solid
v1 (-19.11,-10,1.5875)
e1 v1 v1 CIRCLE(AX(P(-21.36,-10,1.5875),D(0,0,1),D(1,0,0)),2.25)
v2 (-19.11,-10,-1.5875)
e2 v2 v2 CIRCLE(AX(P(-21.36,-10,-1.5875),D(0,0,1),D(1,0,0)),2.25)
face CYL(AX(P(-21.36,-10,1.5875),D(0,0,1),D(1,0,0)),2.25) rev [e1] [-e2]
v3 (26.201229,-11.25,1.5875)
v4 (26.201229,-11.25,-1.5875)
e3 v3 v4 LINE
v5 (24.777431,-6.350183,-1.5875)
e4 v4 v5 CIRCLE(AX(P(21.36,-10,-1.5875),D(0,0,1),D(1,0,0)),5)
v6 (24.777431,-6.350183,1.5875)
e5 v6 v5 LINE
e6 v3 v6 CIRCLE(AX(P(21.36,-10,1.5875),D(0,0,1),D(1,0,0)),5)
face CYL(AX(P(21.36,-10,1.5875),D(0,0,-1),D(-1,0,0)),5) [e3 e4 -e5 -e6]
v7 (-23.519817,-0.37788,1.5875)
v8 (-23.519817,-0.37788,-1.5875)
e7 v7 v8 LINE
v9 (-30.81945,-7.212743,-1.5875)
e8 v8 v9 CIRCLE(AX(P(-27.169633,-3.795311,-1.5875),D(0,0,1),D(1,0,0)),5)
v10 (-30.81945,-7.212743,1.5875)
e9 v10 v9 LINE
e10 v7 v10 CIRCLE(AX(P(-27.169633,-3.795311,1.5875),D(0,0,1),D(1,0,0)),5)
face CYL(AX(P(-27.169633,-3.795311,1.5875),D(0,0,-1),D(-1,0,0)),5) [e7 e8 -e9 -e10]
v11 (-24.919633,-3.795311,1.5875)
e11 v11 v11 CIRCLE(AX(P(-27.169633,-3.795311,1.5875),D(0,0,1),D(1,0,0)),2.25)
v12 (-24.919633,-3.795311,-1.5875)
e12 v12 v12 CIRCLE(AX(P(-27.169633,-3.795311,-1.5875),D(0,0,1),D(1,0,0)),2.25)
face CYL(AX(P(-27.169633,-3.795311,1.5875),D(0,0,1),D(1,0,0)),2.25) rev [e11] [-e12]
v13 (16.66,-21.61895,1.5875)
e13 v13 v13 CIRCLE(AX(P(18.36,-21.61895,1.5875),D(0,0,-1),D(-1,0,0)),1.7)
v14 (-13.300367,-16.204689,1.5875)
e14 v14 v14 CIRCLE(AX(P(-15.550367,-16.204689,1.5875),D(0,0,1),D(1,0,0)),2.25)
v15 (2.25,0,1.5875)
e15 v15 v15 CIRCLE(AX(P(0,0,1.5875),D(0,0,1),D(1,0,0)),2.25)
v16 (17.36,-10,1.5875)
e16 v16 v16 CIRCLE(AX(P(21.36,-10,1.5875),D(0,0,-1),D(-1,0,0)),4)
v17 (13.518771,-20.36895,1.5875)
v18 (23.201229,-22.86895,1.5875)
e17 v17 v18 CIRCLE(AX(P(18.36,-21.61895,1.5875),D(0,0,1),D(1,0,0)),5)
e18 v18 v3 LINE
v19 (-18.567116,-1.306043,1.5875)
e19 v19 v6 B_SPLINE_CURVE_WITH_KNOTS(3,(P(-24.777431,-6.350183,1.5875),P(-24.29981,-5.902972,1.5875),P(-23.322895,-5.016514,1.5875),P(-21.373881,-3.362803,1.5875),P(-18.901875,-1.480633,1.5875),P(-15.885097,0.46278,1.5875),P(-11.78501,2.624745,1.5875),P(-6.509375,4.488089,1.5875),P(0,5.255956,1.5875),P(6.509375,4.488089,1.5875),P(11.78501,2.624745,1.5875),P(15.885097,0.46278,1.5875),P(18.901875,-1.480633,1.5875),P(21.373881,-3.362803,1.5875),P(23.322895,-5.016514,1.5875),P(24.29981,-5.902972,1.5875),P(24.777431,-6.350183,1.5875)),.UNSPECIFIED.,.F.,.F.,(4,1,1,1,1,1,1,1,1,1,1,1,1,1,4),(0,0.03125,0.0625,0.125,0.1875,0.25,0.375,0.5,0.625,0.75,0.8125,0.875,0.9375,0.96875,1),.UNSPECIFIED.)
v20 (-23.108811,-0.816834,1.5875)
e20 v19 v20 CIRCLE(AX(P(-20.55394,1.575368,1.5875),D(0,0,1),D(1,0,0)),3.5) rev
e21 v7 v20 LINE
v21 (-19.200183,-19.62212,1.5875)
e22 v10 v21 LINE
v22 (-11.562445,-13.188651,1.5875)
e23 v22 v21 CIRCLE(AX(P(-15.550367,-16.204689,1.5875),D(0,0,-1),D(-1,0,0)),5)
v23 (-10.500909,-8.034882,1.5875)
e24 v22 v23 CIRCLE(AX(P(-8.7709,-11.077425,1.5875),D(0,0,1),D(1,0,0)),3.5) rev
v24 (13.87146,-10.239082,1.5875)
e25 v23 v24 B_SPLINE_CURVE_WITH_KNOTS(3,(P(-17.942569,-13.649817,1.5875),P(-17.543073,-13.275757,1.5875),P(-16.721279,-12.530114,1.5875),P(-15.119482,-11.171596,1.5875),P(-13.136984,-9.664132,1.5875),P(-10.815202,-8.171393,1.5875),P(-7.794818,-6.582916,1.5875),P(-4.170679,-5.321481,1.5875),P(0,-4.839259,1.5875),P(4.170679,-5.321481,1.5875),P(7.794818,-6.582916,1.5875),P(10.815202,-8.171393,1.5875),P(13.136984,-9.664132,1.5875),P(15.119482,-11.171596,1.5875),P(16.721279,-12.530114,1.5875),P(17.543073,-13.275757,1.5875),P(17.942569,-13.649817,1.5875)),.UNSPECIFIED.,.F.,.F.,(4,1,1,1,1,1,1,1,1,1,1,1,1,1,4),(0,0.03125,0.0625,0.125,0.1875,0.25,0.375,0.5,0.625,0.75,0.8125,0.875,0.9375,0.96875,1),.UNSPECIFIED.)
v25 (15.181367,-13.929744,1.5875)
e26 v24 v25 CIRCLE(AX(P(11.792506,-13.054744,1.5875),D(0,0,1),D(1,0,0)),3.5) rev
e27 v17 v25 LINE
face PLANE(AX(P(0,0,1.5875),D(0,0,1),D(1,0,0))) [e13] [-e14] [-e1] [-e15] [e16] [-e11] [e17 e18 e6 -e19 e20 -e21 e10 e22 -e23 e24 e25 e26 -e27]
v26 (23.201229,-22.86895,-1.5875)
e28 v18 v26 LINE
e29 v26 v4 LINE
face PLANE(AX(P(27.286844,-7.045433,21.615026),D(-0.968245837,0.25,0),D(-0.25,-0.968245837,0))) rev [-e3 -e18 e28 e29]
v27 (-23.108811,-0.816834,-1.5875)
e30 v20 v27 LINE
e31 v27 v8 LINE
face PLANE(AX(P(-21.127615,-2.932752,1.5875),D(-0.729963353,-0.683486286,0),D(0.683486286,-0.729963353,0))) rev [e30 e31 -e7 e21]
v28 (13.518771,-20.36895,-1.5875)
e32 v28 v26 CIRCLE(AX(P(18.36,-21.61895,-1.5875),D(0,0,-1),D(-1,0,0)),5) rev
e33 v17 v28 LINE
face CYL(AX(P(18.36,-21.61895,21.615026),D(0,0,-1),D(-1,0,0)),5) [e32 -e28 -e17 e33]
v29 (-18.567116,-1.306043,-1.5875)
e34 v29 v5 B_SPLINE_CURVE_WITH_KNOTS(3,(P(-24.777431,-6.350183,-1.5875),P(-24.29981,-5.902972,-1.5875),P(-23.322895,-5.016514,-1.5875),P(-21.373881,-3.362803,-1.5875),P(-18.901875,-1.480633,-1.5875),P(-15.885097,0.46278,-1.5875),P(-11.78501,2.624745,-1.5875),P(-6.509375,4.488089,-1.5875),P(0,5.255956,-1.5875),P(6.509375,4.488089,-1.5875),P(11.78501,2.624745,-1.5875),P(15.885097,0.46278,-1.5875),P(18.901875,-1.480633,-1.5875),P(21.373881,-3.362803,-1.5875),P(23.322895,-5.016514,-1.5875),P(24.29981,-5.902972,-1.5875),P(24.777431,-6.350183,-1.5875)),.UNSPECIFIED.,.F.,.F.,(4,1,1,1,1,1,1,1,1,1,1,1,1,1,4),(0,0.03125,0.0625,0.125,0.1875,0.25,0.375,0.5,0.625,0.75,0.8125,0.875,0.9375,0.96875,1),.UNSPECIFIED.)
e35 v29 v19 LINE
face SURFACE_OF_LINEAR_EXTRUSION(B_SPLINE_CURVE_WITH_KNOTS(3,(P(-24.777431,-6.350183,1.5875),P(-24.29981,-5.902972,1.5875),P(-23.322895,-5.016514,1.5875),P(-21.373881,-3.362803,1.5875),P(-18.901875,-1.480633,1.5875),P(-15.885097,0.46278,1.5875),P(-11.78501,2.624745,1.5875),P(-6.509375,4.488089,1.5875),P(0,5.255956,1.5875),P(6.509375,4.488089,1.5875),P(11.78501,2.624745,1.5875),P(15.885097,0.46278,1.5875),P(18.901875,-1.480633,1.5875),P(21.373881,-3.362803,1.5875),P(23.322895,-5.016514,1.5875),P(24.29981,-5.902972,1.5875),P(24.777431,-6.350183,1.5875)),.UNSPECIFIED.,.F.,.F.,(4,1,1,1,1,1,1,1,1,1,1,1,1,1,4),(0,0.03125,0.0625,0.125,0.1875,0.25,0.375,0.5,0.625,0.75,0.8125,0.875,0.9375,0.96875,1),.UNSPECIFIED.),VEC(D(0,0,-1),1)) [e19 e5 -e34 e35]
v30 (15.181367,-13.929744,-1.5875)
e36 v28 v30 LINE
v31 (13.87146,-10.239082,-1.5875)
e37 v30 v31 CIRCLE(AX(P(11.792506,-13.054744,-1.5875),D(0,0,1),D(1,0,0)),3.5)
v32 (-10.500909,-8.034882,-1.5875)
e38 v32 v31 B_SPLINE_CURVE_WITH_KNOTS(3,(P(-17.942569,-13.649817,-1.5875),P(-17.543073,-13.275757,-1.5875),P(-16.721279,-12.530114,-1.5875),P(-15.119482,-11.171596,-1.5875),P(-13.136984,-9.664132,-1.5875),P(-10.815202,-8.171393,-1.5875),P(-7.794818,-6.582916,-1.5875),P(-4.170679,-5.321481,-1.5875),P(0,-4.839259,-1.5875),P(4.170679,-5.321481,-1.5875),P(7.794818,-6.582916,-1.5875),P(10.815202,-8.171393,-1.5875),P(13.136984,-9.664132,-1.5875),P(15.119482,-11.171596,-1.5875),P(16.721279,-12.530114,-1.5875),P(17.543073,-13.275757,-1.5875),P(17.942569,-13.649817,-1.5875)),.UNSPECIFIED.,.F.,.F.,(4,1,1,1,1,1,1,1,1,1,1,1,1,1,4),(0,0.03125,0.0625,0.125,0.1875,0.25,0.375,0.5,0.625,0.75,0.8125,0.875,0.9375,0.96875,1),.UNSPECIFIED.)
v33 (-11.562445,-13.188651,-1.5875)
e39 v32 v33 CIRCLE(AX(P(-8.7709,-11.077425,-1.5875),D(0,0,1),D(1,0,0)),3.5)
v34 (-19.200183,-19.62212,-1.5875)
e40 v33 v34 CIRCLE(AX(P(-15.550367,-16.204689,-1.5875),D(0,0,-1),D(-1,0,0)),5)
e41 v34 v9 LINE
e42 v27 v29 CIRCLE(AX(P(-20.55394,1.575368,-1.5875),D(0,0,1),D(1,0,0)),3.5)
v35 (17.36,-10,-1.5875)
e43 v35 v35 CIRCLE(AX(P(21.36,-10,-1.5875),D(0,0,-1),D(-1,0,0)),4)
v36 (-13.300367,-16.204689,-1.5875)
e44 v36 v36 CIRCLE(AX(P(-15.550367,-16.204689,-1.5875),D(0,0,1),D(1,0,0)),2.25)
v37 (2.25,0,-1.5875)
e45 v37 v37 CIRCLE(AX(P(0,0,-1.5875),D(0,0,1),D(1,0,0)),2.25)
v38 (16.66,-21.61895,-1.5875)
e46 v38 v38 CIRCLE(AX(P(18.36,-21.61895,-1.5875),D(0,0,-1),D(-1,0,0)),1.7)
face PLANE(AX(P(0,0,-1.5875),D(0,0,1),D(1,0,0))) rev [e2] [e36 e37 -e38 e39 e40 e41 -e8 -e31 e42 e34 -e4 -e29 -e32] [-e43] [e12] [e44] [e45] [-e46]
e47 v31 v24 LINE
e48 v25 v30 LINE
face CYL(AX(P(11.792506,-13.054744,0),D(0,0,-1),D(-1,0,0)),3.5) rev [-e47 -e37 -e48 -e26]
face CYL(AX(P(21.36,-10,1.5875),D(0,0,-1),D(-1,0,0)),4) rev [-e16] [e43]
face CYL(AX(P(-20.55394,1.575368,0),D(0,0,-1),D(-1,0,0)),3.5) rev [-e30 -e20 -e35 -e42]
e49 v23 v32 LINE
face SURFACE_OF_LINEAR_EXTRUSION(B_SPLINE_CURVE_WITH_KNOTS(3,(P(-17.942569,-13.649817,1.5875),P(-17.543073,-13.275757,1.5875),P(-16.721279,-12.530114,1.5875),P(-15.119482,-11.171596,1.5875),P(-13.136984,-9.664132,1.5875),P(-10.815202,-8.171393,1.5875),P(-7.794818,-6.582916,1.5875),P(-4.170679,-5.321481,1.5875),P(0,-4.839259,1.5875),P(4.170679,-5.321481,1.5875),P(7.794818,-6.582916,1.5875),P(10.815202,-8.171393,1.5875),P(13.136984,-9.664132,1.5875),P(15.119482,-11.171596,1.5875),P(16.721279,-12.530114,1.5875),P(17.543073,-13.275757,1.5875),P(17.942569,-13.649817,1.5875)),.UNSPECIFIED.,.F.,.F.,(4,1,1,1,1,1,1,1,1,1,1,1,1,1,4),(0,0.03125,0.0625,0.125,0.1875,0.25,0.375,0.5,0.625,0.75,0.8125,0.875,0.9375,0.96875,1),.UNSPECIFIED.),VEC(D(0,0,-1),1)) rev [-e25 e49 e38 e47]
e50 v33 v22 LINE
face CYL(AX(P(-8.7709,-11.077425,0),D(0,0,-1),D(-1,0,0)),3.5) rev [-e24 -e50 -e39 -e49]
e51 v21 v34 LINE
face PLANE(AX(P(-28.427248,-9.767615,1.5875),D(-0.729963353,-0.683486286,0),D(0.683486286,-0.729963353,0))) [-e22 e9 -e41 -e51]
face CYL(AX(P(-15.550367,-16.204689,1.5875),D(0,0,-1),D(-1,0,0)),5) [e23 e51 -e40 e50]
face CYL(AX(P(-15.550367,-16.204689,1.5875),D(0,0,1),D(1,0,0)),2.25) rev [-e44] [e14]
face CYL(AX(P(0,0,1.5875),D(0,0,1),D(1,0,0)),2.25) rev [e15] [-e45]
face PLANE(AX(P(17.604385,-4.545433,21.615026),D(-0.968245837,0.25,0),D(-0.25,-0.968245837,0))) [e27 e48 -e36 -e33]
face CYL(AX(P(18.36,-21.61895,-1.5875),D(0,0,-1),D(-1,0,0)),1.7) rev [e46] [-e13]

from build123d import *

# Parameters (mm, degrees)
BOSS_EXTRUDE1_DEPTH  = 1.5875
M4_CLEARANCE_HOLE1_D = 4.5
BOSS_EXTRUDE2_DEPTH  = 3.175
M3_CLEARANCE_HOLE1_D = 3.4
FILLET1_R            = 3.5
SKETCH8_R            = 4
CUT_EXTRUDE1_DEPTH   = 4.1750001


with BuildPart() as part:
    # Sketch2 → Boss-Extrude1 (new body, symmetric)
    with BuildSketch(Plane.XY):
        with BuildLine():
            add(Edge.make_bspline(
                [(-24.777431429, -6.350183234), (-24.299810251, -5.902972393), (-23.32289496, -5.01651393), (-22.058866471, -3.944003435), (-21.276036232, -3.316259916), (-20.98344634, -3.086723573)],
                knots=[0, 0, 0, 0, 0.03125, 0.0625, 0.081068463, 0.081068463, 0.081068463, 0.081068463], degree=3))
            Line((-24.777431429, -6.350183234), (-21.36, -10))
            add(Edge.make_bspline(
                [(-21.36, -10), (-20.09052587, -8.81135381), (-18.821051739, -7.728673603), (-17.551577609, -6.751959378)],
                knots=[0, 0, 0, 0, 0.089148464, 0.089148464, 0.089148464, 0.089148464], degree=3))
            Line((-17.551577609, -6.751959378), (-20.98344634, -3.086723573))
        make_face()
        with BuildLine():
            Line((-21.36, -10), (-24.777431429, -6.350183234))
            ThreePointArc((-24.777431429, -6.350183234), (-26.357299125, -9.8356788), (-25.009816701, -13.417431499))
            ThreePointArc((-25.009816701, -13.417431499), (-21.5243212, -14.997299125), (-17.942568571, -13.649816766))
            Line((-17.942568571, -13.649816766), (-21.36, -10))
        make_face()
        with BuildLine():
            ThreePointArc((-25.009816701, -13.417431499), (-26.357299125, -9.8356788), (-24.777431429, -6.350183234))
            add(Edge.make_bspline(
                [(-24.777431429, -6.350183234), (-24.299810251, -5.902972393), (-23.32289496, -5.01651393), (-22.058866471, -3.944003435), (-21.276036232, -3.316259916), (-20.98344634, -3.086723573)],
                knots=[0, 0, 0, 0, 0.03125, 0.0625, 0.081068463, 0.081068463, 0.081068463, 0.081068463], degree=3))
            Line((-20.98344634, -3.086723573), (-21.127614663, -2.932751805))
            Line((-21.127614663, -2.932751805), (-23.519816663, -0.377880068))
            ThreePointArc((-23.519816663, -0.377880068), (-30.587064859, -0.145494731), (-30.819450196, -7.212742926))
            Line((-30.819450196, -7.212742926), (-28.427248195, -9.767614663))
            Line((-28.427248195, -9.767614663), (-25.009816701, -13.417431499))
        make_face()
        with BuildLine():
            add(Edge.make_bspline(
                [(-21.36, -10), (-20.09052587, -8.81135381), (-18.821051739, -7.728673603), (-17.551577609, -6.751959378)],
                knots=[0, 0, 0, 0, 0.089148464, 0.089148464, 0.089148464, 0.089148464], degree=3))
            Line((-21.36, -10), (-17.942568571, -13.649816766))
            add(Edge.make_bspline(
                [(-17.942568571, -13.649816766), (-17.543072686, -13.275756949), (-16.7212792, -12.530114496), (-15.44829951, -11.450473224), (-14.582019434, -10.770813046), (-14.116024052, -10.421130577)],
                knots=[0, 0, 0, 0, 0.03125, 0.0625, 0.099339971, 0.099339971, 0.099339971, 0.099339971], degree=3))
            Line((-14.116024052, -10.421130577), (-14.292751805, -10.232385337))
            Line((-14.292751805, -10.232385337), (-17.551577609, -6.751959378))
        make_face()
        with BuildLine():
            ThreePointArc((-17.942568571, -13.649816766), (-21.5243212, -14.997299125), (-25.009816701, -13.417431499))
            Line((-25.009816701, -13.417431499), (-21.592385337, -17.067248195))
            Line((-21.592385337, -17.067248195), (-19.200183337, -19.622119932))
            ThreePointArc((-19.200183337, -19.622119932), (-12.132935141, -19.854505269), (-11.900549804, -12.787257074))
            Line((-11.900549804, -12.787257074), (-14.116024052, -10.421130577))
            add(Edge.make_bspline(
                [(-17.942568571, -13.649816766), (-17.543072686, -13.275756949), (-16.7212792, -12.530114496), (-15.44829951, -11.450473224), (-14.582019434, -10.770813046), (-14.116024052, -10.421130577)],
                knots=[0, 0, 0, 0, 0.03125, 0.0625, 0.099339971, 0.099339971, 0.099339971, 0.099339971], degree=3))
        make_face()
        with BuildLine():
            add(Edge.make_bspline(
                [(-20.98344634, -3.086723573), (-20.291201445, -2.543658465), (-18.603117827, -1.28817338), (-15.885096675, 0.462779531), (-11.785009924, 2.624744664), (-6.509375137, 4.48808894), (0, 5.25595553), (6.509375137, 4.48808894), (11.785009924, 2.624744664), (15.885096675, 0.462779531), (18.901874802, -1.480633029), (21.37388106, -3.362802893), (23.32289496, -5.01651393), (24.299810251, -5.902972393), (24.777431429, -6.350183234)],
                knots=[0.081068463, 0.081068463, 0.081068463, 0.081068463, 0.125, 0.1875, 0.25, 0.375, 0.5, 0.625, 0.75, 0.8125, 0.875, 0.9375, 0.96875, 1, 1, 1, 1], degree=3))
            Line((-20.98344634, -3.086723573), (-17.551577609, -6.751959378))
            Line((-17.551577609, -6.751959378), (-14.292751805, -10.232385337))
            Line((-14.292751805, -10.232385337), (-14.116024052, -10.421130577))
            add(Edge.make_bspline(
                [(-14.116024052, -10.421130577), (-13.791445759, -10.177567349), (-12.680801028, -9.370838959), (-10.815202086, -8.171392792), (-7.794818062, -6.582915934), (-4.170679183, -5.321481205), (0, -4.839259398), (4.170679183, -5.321481205), (7.794818062, -6.582915934), (10.815202086, -8.171392792), (13.136984474, -9.664132159), (15.119482265, -11.171596294), (16.7212792, -12.530114496), (17.543072686, -13.275756949), (17.942568571, -13.649816766)],
                knots=[0.099339971, 0.099339971, 0.099339971, 0.099339971, 0.125, 0.1875, 0.25, 0.375, 0.5, 0.625, 0.75, 0.8125, 0.875, 0.9375, 0.96875, 1, 1, 1, 1], degree=3))
            ThreePointArc((17.942568571, -13.649816766), (25.009816766, -13.417431429), (24.777431429, -6.350183234))
        make_face()
    extrude(amount=BOSS_EXTRUDE1_DEPTH, both=True)

    # M4 Clearance Hole1 (through all)
    with Locations(Plane.XY.offset(1.5875)):
        with Locations((-21.359999999, -9.999999999), (0, 0), (-15.550366571, -16.204688503), (-27.169633429, -3.795311497)):
            Hole(M4_CLEARANCE_HOLE1_D / 2)

    # Sketch5 → Boss-Extrude2 (add)
    with BuildSketch(Plane(origin=(0, 0, -1.5875), x_dir=(-1, 0, 0), z_dir=(0, 0, -1))):
        with BuildLine():
            ThreePointArc((-23.201229183, -22.868950039), (-17.11, -26.460179221), (-13.518770817, -20.368950039))
            Line((-13.518770817, -20.368950039), (-16.518770817, -8.75))
            ThreePointArc((-16.518770817, -8.75), (-22.61, -5.158770817), (-26.201229183, -11.25))
            Line((-26.201229183, -11.25), (-23.201229183, -22.868950039))
        make_face()
    extrude(amount=-BOSS_EXTRUDE2_DEPTH)

    # M3 Clearance Hole1 (through all)
    with Locations(Plane(origin=(0, 0, -1.5875), x_dir=(-1, 0, 0), z_dir=(0, 0, -1))):
        with Locations((-18.36, -21.618950039)):
            Hole(M3_CLEARANCE_HOLE1_D / 2)

    # Fillet1
    fillet1_edges = [part.edges().sort_by_distance(p)[0] for p in [
        (15.75315909, -11.715201468, -0.79375),
        (-20.98344634, -3.086723573, -0.79375),
        (-14.116024052, -10.421130577, 0.79375),
    ]]
    fillet(fillet1_edges, radius=FILLET1_R)

    # Sketch8 → Cut-Extrude1 (cut, through all)
    with BuildSketch(Plane(origin=(0, 0, -1.5875), x_dir=(-1, 0, 0), z_dir=(0, 0, -1))):
        with Locations((-21.36, -10)):
            Circle(SKETCH8_R)
    extrude(amount=-CUT_EXTRUDE1_DEPTH, mode=Mode.SUBTRACT)


solid = part.part
